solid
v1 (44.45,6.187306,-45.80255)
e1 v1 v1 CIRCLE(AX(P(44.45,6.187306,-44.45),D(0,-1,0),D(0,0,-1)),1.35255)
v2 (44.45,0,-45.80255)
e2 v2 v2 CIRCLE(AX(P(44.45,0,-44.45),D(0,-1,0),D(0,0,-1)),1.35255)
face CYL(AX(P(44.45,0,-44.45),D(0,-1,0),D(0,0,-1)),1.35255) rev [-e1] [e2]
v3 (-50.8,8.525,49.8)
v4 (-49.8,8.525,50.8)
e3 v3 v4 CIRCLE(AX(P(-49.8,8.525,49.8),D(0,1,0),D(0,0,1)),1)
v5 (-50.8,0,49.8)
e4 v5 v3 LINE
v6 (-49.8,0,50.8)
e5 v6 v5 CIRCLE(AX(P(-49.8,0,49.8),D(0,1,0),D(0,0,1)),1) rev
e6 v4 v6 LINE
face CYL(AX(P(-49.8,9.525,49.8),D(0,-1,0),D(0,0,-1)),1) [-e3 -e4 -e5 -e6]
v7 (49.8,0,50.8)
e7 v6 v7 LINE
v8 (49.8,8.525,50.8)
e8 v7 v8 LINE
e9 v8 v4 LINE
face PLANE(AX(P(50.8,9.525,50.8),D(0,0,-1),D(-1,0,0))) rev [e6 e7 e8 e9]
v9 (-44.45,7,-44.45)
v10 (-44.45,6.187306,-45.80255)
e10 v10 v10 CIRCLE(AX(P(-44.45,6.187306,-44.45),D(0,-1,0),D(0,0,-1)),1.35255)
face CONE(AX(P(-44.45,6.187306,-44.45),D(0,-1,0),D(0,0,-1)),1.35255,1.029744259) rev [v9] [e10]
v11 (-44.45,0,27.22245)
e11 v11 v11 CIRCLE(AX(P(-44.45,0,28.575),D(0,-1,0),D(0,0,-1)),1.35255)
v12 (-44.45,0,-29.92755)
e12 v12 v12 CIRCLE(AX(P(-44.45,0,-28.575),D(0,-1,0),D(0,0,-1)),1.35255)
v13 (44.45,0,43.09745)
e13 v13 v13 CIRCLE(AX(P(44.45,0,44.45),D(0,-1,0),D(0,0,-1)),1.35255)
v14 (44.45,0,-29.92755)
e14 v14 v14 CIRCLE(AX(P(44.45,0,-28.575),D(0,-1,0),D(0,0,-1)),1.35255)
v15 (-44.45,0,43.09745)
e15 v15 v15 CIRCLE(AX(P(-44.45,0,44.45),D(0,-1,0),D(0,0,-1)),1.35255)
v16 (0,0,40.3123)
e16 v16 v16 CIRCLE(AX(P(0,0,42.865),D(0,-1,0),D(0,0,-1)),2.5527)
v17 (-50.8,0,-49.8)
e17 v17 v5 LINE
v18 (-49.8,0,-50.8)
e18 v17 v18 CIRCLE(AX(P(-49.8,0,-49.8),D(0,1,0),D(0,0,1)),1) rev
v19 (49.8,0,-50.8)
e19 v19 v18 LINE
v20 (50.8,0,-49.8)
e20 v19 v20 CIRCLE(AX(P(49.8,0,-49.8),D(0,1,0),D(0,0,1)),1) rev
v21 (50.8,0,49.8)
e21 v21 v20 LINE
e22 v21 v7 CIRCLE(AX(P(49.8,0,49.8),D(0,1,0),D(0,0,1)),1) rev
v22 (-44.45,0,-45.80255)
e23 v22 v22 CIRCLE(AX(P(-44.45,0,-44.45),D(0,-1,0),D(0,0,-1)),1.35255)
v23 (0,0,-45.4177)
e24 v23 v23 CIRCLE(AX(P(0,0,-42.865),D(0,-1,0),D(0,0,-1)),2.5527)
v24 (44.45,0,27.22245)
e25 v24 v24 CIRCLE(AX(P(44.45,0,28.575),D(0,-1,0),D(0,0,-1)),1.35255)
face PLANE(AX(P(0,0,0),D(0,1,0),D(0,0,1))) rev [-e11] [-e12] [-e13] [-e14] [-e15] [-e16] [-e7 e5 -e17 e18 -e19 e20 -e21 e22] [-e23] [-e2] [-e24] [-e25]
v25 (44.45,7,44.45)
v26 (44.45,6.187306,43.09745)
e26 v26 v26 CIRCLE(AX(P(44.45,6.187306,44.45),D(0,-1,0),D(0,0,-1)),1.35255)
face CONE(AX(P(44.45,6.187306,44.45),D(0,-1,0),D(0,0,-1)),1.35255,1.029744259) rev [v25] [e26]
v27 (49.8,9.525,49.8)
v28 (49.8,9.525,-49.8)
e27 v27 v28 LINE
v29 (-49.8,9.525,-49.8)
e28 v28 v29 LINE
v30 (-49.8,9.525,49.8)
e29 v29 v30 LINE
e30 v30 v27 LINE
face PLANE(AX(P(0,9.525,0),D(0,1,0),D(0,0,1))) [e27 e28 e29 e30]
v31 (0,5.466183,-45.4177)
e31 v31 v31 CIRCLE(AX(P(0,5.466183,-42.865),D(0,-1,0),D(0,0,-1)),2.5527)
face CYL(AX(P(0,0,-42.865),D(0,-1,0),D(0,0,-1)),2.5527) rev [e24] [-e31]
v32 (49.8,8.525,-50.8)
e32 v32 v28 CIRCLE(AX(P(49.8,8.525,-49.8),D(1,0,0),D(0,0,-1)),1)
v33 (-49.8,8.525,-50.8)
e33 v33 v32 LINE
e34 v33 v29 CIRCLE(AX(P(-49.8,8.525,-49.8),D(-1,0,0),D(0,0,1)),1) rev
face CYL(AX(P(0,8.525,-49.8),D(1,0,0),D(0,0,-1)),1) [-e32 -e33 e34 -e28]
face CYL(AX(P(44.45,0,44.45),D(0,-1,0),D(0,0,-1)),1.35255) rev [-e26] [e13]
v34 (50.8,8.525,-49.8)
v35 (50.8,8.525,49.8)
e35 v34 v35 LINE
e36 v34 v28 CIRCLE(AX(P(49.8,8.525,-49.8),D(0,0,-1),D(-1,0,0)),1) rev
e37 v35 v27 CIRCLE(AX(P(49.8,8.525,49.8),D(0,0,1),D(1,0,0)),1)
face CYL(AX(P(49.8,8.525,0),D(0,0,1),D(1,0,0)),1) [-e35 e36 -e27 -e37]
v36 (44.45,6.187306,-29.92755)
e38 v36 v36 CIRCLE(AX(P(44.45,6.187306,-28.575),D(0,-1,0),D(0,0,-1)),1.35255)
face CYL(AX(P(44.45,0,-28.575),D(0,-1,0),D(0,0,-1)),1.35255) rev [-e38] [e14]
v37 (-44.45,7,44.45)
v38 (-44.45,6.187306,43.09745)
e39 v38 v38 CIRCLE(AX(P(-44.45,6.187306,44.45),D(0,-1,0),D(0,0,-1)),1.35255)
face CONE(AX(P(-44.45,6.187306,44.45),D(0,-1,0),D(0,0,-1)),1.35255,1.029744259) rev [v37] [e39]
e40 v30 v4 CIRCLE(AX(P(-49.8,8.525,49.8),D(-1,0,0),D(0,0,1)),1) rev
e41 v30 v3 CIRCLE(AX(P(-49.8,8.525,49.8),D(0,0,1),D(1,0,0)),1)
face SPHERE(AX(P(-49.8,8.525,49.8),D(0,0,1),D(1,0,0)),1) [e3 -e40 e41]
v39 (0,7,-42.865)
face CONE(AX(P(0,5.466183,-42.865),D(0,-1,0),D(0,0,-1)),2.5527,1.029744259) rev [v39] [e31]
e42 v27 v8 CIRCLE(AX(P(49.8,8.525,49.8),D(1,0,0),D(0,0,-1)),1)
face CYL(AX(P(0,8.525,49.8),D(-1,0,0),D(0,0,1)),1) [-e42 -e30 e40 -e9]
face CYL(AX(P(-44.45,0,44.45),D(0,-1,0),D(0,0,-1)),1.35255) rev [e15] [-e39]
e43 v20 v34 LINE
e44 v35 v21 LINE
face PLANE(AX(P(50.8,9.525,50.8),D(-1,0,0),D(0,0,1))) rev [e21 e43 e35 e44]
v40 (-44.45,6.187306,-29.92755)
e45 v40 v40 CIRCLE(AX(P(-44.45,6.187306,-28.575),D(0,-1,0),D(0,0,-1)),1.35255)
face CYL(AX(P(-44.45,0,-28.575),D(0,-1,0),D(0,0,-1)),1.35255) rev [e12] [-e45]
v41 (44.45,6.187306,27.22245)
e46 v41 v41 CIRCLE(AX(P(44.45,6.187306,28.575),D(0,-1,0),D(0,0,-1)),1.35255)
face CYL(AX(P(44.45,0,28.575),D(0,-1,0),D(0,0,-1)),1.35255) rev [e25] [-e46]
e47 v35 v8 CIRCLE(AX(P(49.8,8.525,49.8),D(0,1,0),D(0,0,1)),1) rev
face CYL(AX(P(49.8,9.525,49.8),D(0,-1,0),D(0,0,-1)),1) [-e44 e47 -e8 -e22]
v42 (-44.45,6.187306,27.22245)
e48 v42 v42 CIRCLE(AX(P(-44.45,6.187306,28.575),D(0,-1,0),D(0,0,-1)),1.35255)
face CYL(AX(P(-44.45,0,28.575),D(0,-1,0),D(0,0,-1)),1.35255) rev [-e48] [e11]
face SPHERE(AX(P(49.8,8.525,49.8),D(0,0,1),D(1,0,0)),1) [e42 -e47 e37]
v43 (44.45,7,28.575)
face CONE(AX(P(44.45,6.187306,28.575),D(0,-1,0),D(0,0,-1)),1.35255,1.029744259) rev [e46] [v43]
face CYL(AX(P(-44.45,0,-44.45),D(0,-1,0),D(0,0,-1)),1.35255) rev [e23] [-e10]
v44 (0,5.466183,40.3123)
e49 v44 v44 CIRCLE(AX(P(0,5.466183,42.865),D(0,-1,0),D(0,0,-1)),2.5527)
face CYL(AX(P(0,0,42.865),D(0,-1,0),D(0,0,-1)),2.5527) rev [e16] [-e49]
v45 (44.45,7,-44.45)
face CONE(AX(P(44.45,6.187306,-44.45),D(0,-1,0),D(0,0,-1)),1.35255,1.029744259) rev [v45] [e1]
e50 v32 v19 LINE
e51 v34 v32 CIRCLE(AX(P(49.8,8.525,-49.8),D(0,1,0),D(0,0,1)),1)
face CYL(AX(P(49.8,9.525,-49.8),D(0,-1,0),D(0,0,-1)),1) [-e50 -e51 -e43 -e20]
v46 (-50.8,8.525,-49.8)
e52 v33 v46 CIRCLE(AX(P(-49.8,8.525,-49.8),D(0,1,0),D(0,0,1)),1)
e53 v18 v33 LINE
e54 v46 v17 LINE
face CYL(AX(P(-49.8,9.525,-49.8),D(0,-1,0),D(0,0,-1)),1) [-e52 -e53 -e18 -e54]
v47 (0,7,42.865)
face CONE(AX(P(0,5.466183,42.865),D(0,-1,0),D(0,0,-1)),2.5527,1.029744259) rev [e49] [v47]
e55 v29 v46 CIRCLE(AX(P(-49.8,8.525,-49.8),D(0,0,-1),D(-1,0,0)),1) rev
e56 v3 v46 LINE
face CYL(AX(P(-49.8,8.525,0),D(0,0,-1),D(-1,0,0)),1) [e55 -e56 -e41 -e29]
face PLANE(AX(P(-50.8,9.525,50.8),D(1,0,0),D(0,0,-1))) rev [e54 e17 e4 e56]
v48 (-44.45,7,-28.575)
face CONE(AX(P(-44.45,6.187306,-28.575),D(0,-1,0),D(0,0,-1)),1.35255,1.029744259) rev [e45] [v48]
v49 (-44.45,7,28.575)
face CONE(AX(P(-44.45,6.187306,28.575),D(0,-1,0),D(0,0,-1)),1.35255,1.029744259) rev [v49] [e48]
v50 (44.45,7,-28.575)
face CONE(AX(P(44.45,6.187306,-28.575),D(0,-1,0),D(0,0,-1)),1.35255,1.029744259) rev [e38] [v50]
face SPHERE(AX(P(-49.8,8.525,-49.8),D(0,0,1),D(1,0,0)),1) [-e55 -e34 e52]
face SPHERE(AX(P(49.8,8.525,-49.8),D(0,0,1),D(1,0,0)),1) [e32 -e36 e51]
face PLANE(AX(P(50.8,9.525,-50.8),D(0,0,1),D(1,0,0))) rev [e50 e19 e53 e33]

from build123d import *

# Parameters (mm, degrees)
SKETCH1_W                       = 101.6
SKETCH1_H                       = 101.6
BOSS_EXTRUDE1_DEPTH             = 9.525
TAP_DRILL_FOR_6_32_TAP1_D       = 2.7051
TAP_DRILL_FOR_6_32_TAP1_DEPTH   = 6.18730597
TAP_DRILL_FOR_6_32_TAP1_TIP     = 0.81269403
TAP_DRILL_FOR_1_4_20_TAP1_D     = 5.1054
TAP_DRILL_FOR_1_4_20_TAP1_DEPTH = 5.466183098
TAP_DRILL_FOR_1_4_20_TAP1_TIP   = 1.533816902
FILLET1_R                       = 1


with BuildPart() as part:
    # Sketch1 → Boss-Extrude1 (new body)
    with BuildSketch(Plane(origin=(0, 0, 0), x_dir=(1, 0, 0), z_dir=(0, 1, 0))):
        Rectangle(SKETCH1_W, SKETCH1_H)
    extrude(amount=BOSS_EXTRUDE1_DEPTH)

    # Tap Drill for #6-32 Tap1
    with Locations(Plane(origin=(0, 0, 0), x_dir=(-1, 0, 0), z_dir=(0, -1, 0))):
        with Locations((-44.45, -44.45), (-44.45, 44.45), (44.45, 44.45), (44.45, -44.45), (-44.45, -28.575), (-44.45, 28.575), (44.45, 28.575), (44.45, -28.575)):
            Hole(TAP_DRILL_FOR_6_32_TAP1_D / 2, depth=TAP_DRILL_FOR_6_32_TAP1_DEPTH)
            with Locations((0, 0, -(TAP_DRILL_FOR_6_32_TAP1_DEPTH + TAP_DRILL_FOR_6_32_TAP1_TIP / 2))):  # 118° drill point
                Cone(0, TAP_DRILL_FOR_6_32_TAP1_D / 2, TAP_DRILL_FOR_6_32_TAP1_TIP, mode=Mode.SUBTRACT)

    # Tap Drill for 1/4-20 Tap1
    with Locations(Plane(origin=(0, 0, 0), x_dir=(-1, 0, 0), z_dir=(0, -1, 0))):
        with Locations((0, -42.865), (0, 42.865)):
            Hole(TAP_DRILL_FOR_1_4_20_TAP1_D / 2, depth=TAP_DRILL_FOR_1_4_20_TAP1_DEPTH)
            with Locations((0, 0, -(TAP_DRILL_FOR_1_4_20_TAP1_DEPTH + TAP_DRILL_FOR_1_4_20_TAP1_TIP / 2))):  # 118° drill point
                Cone(0, TAP_DRILL_FOR_1_4_20_TAP1_D / 2, TAP_DRILL_FOR_1_4_20_TAP1_TIP, mode=Mode.SUBTRACT)

    # Fillet1
    fillet1_edges = [part.edges().sort_by_distance(p)[0] for p in [
        (50.8, 9.525, 0),
        (0, 9.525, -50.8),
        (-50.8, 9.525, 0),
        (-50.8, 4.7625, -50.8),
        (50.8, 4.7625, -50.8),
        (50.8, 4.7625, 50.8),
        (-50.8, 4.7625, 50.8),
        (0, 9.525, 50.8),
    ]]
    fillet(fillet1_edges, radius=FILLET1_R)


solid = part.part
